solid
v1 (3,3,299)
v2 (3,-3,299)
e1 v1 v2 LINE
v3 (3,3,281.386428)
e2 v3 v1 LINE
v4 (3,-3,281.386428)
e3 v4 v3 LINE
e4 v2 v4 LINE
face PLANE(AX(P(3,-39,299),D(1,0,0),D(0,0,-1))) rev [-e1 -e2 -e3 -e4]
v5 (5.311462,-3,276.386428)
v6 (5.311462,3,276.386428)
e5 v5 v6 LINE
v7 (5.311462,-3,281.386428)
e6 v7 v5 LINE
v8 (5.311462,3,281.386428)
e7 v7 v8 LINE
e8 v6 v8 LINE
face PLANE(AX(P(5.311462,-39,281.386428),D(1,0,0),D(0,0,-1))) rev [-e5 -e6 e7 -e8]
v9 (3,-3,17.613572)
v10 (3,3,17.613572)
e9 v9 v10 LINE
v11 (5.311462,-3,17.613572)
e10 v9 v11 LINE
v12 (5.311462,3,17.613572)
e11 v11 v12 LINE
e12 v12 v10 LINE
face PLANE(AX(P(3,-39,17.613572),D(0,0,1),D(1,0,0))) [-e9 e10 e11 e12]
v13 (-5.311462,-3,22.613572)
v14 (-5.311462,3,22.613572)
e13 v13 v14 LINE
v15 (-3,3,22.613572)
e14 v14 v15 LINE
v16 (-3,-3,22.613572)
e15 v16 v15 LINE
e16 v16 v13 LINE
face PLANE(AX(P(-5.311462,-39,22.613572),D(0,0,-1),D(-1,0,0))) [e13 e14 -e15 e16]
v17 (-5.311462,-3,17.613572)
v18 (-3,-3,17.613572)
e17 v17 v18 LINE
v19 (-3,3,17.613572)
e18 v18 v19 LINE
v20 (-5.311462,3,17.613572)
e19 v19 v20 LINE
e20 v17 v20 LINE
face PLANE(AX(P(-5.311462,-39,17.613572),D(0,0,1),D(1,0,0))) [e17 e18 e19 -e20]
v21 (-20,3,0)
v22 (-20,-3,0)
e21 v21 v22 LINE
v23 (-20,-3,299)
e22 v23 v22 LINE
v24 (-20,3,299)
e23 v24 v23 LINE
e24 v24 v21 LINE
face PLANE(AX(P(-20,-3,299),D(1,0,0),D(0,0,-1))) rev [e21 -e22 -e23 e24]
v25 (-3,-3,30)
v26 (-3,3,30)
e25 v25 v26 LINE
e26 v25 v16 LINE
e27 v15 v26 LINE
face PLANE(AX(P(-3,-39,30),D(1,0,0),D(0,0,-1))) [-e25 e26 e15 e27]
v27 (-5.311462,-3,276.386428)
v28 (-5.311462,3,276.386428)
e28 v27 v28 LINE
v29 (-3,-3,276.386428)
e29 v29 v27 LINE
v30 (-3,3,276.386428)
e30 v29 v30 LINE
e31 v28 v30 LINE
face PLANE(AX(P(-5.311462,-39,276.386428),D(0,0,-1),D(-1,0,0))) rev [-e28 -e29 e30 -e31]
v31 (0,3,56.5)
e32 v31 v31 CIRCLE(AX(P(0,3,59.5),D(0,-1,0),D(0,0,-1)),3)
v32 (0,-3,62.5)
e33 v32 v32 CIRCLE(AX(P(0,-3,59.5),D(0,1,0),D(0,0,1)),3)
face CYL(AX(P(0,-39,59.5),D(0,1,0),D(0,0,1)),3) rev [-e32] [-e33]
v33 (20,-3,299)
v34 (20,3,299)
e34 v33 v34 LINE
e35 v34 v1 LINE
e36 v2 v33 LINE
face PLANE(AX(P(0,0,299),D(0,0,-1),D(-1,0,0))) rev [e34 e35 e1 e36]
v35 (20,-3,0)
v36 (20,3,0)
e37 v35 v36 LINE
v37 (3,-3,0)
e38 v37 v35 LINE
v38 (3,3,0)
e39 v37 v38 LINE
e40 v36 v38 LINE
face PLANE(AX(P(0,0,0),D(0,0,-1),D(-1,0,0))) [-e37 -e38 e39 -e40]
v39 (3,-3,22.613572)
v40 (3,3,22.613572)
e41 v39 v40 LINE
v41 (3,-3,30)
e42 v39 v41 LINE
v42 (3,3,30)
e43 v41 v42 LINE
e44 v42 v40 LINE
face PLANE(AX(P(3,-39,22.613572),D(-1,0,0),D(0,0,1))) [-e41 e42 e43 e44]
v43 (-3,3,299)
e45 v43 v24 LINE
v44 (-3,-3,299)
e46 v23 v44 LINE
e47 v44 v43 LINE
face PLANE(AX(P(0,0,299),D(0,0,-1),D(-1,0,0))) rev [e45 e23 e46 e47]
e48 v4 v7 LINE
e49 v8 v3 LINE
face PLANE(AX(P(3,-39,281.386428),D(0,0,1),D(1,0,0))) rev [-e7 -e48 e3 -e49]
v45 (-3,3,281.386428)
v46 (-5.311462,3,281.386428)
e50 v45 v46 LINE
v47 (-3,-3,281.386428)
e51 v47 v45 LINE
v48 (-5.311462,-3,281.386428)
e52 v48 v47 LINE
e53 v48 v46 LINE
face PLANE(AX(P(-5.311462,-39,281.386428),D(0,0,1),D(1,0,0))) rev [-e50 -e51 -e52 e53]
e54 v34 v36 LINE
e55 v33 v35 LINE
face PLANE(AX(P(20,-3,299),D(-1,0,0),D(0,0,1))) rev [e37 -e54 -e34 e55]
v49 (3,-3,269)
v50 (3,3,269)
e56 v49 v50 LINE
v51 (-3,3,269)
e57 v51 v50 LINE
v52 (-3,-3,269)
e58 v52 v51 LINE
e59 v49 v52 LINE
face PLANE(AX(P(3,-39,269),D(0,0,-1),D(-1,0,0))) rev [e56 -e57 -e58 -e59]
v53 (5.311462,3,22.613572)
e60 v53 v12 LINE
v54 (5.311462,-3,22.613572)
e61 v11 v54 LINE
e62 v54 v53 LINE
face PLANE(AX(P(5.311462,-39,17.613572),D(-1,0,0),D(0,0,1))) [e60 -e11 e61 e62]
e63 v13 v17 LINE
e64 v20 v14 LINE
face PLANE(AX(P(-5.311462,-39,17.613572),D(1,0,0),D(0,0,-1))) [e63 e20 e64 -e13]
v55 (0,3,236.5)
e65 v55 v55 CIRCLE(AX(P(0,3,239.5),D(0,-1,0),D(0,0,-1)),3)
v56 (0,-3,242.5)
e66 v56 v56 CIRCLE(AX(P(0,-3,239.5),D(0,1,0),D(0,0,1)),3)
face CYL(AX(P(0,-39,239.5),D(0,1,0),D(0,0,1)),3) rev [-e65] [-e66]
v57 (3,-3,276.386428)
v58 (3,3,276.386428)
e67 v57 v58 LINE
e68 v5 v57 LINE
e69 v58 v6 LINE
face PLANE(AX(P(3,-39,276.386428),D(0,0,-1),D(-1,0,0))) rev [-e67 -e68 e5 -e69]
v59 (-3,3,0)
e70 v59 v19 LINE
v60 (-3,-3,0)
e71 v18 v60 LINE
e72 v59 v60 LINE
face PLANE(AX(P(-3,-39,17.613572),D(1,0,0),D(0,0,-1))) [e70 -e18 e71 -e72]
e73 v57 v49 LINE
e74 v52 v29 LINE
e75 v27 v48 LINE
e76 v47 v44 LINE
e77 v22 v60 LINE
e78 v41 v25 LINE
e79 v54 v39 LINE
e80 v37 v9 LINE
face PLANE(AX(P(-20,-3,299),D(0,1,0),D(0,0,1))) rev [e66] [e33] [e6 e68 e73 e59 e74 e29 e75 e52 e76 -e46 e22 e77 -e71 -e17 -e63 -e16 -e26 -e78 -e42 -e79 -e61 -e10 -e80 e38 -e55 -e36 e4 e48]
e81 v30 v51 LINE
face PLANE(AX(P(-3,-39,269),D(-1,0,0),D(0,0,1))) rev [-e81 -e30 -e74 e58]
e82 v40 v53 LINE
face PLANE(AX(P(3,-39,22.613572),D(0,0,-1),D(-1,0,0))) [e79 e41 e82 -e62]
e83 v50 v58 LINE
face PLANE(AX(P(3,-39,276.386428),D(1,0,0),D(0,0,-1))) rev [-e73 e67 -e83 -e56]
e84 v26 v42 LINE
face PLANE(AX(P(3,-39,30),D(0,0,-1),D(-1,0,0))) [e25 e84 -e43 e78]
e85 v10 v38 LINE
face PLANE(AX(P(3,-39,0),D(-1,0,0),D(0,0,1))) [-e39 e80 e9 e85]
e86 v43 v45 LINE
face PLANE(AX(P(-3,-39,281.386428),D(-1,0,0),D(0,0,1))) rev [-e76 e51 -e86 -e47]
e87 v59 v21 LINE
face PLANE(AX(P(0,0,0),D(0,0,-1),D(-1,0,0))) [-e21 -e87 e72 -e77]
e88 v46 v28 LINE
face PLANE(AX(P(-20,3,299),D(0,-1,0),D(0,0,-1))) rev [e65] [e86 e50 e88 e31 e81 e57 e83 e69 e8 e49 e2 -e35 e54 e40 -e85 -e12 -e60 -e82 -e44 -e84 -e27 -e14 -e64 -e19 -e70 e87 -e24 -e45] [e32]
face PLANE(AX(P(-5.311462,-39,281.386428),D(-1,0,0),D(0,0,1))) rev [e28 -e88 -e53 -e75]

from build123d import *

# Parameters (mm, degrees)
SKETCH2_W           = 40
SKETCH2_H           = 6
BOSS_EXTRUDE2_DEPTH = 299
SKETCH4_R           = 3
CUT_EXTRUDE2_DEPTH  = 42
CUT_EXTRUDE4_DEPTH  = 42


with BuildPart() as part:
    # Sketch2 → Boss-Extrude2 (new body)
    with BuildSketch(Plane.XY):
        Rectangle(SKETCH2_W, SKETCH2_H)
    extrude(amount=BOSS_EXTRUDE2_DEPTH)

    # Sketch4 → Cut-Extrude2 (cut, symmetric)
    with BuildSketch(Plane(origin=(0, 3, 0), x_dir=(1, 0, 0), z_dir=(0, 1, 0))):
        with Locations(Location((0, -59.5, 0), (0, 0, 270))):
            Circle(SKETCH4_R)
        with Locations(Location((0, -239.5, 0), (0, 0, 270))):
            Circle(SKETCH4_R)
    extrude(amount=CUT_EXTRUDE2_DEPTH, both=True, mode=Mode.SUBTRACT)

    # Sketch5 → Cut-Extrude4 (cut, symmetric)
    with BuildSketch(Plane(origin=(0, 3, 0), x_dir=(1, 0, 0), z_dir=(0, 1, 0))):
        Polygon((-3, -299), (3, -299), (3, -281.386427855), (5.311461506, -281.386427855), (5.311461506, -276.386427855), (3, -276.386427855), (3, -269), (-3, -269), (-3, -276.386427855), (-5.311461506, -276.386427855), (-5.311461506, -281.386427855), (-3, -281.386427855), align=None)
    cut_extrude4 = extrude(amount=CUT_EXTRUDE4_DEPTH, both=True, mode=Mode.SUBTRACT)

    # Mirror2: Cut-Extrude4 across plane
    add(cut_extrude4.mirror(Plane.XY.offset(149.5)), mode=Mode.SUBTRACT)


solid = part.part
